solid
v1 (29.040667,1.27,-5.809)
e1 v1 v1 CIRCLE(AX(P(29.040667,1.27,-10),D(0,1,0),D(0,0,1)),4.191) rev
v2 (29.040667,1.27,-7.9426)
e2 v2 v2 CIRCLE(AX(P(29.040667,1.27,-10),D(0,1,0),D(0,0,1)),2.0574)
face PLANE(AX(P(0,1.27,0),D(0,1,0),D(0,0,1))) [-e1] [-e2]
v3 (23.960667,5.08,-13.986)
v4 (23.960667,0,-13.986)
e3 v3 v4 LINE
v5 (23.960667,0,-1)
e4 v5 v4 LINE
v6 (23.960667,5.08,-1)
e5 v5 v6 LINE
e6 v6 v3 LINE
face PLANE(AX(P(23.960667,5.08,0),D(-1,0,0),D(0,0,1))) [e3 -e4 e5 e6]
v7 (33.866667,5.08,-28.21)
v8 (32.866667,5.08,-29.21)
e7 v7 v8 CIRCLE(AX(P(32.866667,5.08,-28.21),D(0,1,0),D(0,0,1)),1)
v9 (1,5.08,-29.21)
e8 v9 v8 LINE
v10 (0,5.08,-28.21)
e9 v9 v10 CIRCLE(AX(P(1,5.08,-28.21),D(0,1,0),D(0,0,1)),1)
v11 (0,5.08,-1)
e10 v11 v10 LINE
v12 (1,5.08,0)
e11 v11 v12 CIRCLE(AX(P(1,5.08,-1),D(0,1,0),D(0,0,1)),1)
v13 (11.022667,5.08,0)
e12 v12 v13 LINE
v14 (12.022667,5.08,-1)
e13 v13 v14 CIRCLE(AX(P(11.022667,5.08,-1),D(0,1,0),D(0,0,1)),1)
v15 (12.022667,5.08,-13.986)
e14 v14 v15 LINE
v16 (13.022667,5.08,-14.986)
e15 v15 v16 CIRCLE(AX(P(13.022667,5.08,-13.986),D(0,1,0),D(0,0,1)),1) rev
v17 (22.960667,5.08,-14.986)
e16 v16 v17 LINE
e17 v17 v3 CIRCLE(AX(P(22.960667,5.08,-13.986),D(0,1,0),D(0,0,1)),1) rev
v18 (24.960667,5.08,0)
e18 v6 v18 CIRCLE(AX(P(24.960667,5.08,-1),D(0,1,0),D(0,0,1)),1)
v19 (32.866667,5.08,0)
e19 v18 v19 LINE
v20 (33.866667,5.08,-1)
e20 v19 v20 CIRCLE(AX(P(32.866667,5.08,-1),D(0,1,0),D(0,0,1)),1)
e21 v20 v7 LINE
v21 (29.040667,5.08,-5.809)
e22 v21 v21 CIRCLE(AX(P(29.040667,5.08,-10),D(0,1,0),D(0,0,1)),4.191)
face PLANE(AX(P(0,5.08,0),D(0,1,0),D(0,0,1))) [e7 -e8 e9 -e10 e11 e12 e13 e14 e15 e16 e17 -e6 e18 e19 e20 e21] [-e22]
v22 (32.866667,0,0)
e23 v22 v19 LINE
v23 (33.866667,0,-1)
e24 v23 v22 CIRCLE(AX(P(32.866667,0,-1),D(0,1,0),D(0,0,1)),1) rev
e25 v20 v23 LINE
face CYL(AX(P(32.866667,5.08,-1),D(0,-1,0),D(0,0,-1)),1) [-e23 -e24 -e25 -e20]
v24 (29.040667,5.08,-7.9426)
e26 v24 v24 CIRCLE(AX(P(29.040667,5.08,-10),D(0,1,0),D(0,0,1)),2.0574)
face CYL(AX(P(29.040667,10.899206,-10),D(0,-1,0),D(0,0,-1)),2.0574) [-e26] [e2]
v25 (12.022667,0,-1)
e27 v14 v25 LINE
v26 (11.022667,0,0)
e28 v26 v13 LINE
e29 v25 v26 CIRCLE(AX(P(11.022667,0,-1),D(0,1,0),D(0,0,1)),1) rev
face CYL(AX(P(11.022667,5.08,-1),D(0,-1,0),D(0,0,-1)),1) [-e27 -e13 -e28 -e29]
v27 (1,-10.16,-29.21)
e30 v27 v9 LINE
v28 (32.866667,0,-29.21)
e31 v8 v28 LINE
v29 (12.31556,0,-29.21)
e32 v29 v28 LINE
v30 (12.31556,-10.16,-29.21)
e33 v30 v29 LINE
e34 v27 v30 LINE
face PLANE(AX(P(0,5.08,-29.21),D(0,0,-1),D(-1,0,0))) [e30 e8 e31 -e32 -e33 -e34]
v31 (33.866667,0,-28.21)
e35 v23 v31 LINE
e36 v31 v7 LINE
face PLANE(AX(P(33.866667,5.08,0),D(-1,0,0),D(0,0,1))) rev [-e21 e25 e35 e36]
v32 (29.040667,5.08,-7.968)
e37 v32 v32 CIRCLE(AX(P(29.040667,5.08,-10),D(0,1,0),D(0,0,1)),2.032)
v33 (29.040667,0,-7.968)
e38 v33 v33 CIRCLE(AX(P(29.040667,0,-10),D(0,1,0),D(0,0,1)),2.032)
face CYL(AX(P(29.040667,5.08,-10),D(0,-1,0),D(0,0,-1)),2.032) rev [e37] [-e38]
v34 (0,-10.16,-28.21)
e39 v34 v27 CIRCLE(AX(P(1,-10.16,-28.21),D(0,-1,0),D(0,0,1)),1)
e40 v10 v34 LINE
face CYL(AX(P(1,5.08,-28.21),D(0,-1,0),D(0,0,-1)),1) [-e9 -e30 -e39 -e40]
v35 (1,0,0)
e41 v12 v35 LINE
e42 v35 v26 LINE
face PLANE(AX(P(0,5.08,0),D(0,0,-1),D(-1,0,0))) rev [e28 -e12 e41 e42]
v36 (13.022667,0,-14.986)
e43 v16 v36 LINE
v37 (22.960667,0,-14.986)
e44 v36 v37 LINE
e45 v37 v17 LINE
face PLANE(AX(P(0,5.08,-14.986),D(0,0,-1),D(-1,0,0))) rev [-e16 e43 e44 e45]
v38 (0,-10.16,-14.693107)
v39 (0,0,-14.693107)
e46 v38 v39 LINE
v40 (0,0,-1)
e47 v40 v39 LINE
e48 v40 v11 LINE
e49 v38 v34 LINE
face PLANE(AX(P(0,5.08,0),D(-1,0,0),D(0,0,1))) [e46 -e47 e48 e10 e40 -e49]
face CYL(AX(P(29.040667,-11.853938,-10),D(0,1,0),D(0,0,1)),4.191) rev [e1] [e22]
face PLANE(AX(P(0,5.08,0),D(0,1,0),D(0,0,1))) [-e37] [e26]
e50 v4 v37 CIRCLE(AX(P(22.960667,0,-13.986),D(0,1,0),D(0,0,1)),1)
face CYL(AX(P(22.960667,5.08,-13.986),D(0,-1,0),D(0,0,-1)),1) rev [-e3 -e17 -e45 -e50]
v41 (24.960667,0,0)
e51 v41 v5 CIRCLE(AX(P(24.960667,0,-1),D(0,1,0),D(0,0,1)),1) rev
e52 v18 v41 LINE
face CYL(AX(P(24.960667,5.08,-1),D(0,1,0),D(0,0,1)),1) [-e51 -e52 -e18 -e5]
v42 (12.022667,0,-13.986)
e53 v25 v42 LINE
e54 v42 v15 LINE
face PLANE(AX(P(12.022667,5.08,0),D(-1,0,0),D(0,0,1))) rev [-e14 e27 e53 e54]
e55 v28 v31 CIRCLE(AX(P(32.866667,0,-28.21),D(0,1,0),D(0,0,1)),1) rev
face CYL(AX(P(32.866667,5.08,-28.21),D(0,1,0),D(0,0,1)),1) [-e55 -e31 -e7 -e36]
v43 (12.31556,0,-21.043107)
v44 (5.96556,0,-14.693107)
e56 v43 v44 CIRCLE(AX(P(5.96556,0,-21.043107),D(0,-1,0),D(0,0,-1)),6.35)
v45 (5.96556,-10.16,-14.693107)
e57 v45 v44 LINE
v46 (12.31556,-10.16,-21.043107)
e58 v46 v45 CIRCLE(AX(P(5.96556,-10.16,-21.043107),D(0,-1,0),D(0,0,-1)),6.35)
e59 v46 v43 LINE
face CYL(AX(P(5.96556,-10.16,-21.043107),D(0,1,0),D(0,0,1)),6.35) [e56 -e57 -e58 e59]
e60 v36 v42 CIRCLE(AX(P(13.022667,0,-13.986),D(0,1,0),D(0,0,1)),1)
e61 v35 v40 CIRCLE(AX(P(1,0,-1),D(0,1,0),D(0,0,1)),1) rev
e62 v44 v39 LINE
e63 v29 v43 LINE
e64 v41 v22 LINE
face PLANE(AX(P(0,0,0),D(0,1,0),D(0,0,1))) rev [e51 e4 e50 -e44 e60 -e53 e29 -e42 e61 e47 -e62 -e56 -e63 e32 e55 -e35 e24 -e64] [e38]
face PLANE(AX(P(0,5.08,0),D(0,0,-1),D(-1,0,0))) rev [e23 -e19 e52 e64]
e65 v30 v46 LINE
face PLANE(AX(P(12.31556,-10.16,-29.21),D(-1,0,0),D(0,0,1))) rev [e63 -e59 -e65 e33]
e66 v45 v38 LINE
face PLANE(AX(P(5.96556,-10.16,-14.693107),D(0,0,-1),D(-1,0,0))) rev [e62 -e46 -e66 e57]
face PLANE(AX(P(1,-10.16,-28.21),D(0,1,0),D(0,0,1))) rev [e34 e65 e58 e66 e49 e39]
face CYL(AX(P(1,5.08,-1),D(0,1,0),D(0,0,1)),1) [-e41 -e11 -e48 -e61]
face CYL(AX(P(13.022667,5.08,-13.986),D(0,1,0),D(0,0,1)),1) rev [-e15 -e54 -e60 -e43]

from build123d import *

# Parameters (mm, degrees)
SKETCH1_R           = 2.032
BOSS_EXTRUDE1_DEPTH = 5.08
FILLET2_R           = 1
SKETCH4_R           = 4.191
CUT_EXTRUDE3_DEPTH  = 3.81
SKETCH5_R           = 2.0574
SKETCH5_R_2         = 2.032
BOSS_EXTRUDE2_DEPTH = 3.81
BOSS_EXTRUDE3_DEPTH = 10.16


with BuildPart() as part:
    # Sketch1 → Boss-Extrude1 (new body)
    with BuildSketch(Plane(origin=(0, 0, 0), x_dir=(1, 0, 0), z_dir=(0, 1, 0))):
        Polygon((0, 29.21), (0, 0), (12.022666667, 0), (12.022666667, 14.986), (23.960666667, 14.986), (23.960666667, 0), (33.866666667, 0), (33.866666667, 29.21), align=None)
        with Locations((29.040666667, 10)):
            Circle(SKETCH1_R, mode=Mode.SUBTRACT)
    extrude(amount=BOSS_EXTRUDE1_DEPTH)

    # Fillet2
    fillet2_edges = [part.edges().sort_by_distance(p)[0] for p in [
        (23.960666667, 2.54, -14.986),
        (12.022666667, 2.54, -14.986),
        (12.022666667, 2.54, 0),
        (0, 2.54, 0),
        (0, 2.54, -29.21),
        (33.866666667, 2.54, -29.21),
        (33.866666667, 2.54, 0),
        (23.960666667, 2.54, 0),
    ]]
    fillet(fillet2_edges, radius=FILLET2_R)

    # Sketch4 → Cut-Extrude3 (cut)
    with BuildSketch(Plane(origin=(0, 5.08, 0), x_dir=(1, 0, 0), z_dir=(0, 1, 0))):
        with Locations((29.040666667, 10)):
            Circle(SKETCH4_R)
    extrude(amount=-CUT_EXTRUDE3_DEPTH, mode=Mode.SUBTRACT)

    # Sketch5 → Boss-Extrude2 (add)
    with BuildSketch(Plane(origin=(0, 1.27, 0), x_dir=(1, 0, 0), z_dir=(0, 1, 0))):
        with Locations((29.040666667, 10)):
            Circle(SKETCH5_R)
        with Locations((29.040666667, 10)):
            Circle(SKETCH5_R_2, mode=Mode.SUBTRACT)
    extrude(amount=BOSS_EXTRUDE2_DEPTH)

    # Sketch6 → Boss-Extrude3 (add)
    with BuildSketch(Plane.XZ):
        with BuildLine():
            Line((1, -29.21), (12.315559885, -29.21))
            Line((12.315559885, -29.21), (12.315559885, -21.043106781))
            ThreePointArc((12.315559885, -21.043106781), (10.455687946, -16.552978721), (5.965559885, -14.693106781))
            Line((5.965559885, -14.693106781), (0, -14.693106781))
            Line((0, -14.693106781), (0, -28.21))
            ThreePointArc((0, -28.21), (0.292893219, -28.917106781), (1, -29.21))
        make_face()
    extrude(amount=BOSS_EXTRUDE3_DEPTH)


solid = part.part
